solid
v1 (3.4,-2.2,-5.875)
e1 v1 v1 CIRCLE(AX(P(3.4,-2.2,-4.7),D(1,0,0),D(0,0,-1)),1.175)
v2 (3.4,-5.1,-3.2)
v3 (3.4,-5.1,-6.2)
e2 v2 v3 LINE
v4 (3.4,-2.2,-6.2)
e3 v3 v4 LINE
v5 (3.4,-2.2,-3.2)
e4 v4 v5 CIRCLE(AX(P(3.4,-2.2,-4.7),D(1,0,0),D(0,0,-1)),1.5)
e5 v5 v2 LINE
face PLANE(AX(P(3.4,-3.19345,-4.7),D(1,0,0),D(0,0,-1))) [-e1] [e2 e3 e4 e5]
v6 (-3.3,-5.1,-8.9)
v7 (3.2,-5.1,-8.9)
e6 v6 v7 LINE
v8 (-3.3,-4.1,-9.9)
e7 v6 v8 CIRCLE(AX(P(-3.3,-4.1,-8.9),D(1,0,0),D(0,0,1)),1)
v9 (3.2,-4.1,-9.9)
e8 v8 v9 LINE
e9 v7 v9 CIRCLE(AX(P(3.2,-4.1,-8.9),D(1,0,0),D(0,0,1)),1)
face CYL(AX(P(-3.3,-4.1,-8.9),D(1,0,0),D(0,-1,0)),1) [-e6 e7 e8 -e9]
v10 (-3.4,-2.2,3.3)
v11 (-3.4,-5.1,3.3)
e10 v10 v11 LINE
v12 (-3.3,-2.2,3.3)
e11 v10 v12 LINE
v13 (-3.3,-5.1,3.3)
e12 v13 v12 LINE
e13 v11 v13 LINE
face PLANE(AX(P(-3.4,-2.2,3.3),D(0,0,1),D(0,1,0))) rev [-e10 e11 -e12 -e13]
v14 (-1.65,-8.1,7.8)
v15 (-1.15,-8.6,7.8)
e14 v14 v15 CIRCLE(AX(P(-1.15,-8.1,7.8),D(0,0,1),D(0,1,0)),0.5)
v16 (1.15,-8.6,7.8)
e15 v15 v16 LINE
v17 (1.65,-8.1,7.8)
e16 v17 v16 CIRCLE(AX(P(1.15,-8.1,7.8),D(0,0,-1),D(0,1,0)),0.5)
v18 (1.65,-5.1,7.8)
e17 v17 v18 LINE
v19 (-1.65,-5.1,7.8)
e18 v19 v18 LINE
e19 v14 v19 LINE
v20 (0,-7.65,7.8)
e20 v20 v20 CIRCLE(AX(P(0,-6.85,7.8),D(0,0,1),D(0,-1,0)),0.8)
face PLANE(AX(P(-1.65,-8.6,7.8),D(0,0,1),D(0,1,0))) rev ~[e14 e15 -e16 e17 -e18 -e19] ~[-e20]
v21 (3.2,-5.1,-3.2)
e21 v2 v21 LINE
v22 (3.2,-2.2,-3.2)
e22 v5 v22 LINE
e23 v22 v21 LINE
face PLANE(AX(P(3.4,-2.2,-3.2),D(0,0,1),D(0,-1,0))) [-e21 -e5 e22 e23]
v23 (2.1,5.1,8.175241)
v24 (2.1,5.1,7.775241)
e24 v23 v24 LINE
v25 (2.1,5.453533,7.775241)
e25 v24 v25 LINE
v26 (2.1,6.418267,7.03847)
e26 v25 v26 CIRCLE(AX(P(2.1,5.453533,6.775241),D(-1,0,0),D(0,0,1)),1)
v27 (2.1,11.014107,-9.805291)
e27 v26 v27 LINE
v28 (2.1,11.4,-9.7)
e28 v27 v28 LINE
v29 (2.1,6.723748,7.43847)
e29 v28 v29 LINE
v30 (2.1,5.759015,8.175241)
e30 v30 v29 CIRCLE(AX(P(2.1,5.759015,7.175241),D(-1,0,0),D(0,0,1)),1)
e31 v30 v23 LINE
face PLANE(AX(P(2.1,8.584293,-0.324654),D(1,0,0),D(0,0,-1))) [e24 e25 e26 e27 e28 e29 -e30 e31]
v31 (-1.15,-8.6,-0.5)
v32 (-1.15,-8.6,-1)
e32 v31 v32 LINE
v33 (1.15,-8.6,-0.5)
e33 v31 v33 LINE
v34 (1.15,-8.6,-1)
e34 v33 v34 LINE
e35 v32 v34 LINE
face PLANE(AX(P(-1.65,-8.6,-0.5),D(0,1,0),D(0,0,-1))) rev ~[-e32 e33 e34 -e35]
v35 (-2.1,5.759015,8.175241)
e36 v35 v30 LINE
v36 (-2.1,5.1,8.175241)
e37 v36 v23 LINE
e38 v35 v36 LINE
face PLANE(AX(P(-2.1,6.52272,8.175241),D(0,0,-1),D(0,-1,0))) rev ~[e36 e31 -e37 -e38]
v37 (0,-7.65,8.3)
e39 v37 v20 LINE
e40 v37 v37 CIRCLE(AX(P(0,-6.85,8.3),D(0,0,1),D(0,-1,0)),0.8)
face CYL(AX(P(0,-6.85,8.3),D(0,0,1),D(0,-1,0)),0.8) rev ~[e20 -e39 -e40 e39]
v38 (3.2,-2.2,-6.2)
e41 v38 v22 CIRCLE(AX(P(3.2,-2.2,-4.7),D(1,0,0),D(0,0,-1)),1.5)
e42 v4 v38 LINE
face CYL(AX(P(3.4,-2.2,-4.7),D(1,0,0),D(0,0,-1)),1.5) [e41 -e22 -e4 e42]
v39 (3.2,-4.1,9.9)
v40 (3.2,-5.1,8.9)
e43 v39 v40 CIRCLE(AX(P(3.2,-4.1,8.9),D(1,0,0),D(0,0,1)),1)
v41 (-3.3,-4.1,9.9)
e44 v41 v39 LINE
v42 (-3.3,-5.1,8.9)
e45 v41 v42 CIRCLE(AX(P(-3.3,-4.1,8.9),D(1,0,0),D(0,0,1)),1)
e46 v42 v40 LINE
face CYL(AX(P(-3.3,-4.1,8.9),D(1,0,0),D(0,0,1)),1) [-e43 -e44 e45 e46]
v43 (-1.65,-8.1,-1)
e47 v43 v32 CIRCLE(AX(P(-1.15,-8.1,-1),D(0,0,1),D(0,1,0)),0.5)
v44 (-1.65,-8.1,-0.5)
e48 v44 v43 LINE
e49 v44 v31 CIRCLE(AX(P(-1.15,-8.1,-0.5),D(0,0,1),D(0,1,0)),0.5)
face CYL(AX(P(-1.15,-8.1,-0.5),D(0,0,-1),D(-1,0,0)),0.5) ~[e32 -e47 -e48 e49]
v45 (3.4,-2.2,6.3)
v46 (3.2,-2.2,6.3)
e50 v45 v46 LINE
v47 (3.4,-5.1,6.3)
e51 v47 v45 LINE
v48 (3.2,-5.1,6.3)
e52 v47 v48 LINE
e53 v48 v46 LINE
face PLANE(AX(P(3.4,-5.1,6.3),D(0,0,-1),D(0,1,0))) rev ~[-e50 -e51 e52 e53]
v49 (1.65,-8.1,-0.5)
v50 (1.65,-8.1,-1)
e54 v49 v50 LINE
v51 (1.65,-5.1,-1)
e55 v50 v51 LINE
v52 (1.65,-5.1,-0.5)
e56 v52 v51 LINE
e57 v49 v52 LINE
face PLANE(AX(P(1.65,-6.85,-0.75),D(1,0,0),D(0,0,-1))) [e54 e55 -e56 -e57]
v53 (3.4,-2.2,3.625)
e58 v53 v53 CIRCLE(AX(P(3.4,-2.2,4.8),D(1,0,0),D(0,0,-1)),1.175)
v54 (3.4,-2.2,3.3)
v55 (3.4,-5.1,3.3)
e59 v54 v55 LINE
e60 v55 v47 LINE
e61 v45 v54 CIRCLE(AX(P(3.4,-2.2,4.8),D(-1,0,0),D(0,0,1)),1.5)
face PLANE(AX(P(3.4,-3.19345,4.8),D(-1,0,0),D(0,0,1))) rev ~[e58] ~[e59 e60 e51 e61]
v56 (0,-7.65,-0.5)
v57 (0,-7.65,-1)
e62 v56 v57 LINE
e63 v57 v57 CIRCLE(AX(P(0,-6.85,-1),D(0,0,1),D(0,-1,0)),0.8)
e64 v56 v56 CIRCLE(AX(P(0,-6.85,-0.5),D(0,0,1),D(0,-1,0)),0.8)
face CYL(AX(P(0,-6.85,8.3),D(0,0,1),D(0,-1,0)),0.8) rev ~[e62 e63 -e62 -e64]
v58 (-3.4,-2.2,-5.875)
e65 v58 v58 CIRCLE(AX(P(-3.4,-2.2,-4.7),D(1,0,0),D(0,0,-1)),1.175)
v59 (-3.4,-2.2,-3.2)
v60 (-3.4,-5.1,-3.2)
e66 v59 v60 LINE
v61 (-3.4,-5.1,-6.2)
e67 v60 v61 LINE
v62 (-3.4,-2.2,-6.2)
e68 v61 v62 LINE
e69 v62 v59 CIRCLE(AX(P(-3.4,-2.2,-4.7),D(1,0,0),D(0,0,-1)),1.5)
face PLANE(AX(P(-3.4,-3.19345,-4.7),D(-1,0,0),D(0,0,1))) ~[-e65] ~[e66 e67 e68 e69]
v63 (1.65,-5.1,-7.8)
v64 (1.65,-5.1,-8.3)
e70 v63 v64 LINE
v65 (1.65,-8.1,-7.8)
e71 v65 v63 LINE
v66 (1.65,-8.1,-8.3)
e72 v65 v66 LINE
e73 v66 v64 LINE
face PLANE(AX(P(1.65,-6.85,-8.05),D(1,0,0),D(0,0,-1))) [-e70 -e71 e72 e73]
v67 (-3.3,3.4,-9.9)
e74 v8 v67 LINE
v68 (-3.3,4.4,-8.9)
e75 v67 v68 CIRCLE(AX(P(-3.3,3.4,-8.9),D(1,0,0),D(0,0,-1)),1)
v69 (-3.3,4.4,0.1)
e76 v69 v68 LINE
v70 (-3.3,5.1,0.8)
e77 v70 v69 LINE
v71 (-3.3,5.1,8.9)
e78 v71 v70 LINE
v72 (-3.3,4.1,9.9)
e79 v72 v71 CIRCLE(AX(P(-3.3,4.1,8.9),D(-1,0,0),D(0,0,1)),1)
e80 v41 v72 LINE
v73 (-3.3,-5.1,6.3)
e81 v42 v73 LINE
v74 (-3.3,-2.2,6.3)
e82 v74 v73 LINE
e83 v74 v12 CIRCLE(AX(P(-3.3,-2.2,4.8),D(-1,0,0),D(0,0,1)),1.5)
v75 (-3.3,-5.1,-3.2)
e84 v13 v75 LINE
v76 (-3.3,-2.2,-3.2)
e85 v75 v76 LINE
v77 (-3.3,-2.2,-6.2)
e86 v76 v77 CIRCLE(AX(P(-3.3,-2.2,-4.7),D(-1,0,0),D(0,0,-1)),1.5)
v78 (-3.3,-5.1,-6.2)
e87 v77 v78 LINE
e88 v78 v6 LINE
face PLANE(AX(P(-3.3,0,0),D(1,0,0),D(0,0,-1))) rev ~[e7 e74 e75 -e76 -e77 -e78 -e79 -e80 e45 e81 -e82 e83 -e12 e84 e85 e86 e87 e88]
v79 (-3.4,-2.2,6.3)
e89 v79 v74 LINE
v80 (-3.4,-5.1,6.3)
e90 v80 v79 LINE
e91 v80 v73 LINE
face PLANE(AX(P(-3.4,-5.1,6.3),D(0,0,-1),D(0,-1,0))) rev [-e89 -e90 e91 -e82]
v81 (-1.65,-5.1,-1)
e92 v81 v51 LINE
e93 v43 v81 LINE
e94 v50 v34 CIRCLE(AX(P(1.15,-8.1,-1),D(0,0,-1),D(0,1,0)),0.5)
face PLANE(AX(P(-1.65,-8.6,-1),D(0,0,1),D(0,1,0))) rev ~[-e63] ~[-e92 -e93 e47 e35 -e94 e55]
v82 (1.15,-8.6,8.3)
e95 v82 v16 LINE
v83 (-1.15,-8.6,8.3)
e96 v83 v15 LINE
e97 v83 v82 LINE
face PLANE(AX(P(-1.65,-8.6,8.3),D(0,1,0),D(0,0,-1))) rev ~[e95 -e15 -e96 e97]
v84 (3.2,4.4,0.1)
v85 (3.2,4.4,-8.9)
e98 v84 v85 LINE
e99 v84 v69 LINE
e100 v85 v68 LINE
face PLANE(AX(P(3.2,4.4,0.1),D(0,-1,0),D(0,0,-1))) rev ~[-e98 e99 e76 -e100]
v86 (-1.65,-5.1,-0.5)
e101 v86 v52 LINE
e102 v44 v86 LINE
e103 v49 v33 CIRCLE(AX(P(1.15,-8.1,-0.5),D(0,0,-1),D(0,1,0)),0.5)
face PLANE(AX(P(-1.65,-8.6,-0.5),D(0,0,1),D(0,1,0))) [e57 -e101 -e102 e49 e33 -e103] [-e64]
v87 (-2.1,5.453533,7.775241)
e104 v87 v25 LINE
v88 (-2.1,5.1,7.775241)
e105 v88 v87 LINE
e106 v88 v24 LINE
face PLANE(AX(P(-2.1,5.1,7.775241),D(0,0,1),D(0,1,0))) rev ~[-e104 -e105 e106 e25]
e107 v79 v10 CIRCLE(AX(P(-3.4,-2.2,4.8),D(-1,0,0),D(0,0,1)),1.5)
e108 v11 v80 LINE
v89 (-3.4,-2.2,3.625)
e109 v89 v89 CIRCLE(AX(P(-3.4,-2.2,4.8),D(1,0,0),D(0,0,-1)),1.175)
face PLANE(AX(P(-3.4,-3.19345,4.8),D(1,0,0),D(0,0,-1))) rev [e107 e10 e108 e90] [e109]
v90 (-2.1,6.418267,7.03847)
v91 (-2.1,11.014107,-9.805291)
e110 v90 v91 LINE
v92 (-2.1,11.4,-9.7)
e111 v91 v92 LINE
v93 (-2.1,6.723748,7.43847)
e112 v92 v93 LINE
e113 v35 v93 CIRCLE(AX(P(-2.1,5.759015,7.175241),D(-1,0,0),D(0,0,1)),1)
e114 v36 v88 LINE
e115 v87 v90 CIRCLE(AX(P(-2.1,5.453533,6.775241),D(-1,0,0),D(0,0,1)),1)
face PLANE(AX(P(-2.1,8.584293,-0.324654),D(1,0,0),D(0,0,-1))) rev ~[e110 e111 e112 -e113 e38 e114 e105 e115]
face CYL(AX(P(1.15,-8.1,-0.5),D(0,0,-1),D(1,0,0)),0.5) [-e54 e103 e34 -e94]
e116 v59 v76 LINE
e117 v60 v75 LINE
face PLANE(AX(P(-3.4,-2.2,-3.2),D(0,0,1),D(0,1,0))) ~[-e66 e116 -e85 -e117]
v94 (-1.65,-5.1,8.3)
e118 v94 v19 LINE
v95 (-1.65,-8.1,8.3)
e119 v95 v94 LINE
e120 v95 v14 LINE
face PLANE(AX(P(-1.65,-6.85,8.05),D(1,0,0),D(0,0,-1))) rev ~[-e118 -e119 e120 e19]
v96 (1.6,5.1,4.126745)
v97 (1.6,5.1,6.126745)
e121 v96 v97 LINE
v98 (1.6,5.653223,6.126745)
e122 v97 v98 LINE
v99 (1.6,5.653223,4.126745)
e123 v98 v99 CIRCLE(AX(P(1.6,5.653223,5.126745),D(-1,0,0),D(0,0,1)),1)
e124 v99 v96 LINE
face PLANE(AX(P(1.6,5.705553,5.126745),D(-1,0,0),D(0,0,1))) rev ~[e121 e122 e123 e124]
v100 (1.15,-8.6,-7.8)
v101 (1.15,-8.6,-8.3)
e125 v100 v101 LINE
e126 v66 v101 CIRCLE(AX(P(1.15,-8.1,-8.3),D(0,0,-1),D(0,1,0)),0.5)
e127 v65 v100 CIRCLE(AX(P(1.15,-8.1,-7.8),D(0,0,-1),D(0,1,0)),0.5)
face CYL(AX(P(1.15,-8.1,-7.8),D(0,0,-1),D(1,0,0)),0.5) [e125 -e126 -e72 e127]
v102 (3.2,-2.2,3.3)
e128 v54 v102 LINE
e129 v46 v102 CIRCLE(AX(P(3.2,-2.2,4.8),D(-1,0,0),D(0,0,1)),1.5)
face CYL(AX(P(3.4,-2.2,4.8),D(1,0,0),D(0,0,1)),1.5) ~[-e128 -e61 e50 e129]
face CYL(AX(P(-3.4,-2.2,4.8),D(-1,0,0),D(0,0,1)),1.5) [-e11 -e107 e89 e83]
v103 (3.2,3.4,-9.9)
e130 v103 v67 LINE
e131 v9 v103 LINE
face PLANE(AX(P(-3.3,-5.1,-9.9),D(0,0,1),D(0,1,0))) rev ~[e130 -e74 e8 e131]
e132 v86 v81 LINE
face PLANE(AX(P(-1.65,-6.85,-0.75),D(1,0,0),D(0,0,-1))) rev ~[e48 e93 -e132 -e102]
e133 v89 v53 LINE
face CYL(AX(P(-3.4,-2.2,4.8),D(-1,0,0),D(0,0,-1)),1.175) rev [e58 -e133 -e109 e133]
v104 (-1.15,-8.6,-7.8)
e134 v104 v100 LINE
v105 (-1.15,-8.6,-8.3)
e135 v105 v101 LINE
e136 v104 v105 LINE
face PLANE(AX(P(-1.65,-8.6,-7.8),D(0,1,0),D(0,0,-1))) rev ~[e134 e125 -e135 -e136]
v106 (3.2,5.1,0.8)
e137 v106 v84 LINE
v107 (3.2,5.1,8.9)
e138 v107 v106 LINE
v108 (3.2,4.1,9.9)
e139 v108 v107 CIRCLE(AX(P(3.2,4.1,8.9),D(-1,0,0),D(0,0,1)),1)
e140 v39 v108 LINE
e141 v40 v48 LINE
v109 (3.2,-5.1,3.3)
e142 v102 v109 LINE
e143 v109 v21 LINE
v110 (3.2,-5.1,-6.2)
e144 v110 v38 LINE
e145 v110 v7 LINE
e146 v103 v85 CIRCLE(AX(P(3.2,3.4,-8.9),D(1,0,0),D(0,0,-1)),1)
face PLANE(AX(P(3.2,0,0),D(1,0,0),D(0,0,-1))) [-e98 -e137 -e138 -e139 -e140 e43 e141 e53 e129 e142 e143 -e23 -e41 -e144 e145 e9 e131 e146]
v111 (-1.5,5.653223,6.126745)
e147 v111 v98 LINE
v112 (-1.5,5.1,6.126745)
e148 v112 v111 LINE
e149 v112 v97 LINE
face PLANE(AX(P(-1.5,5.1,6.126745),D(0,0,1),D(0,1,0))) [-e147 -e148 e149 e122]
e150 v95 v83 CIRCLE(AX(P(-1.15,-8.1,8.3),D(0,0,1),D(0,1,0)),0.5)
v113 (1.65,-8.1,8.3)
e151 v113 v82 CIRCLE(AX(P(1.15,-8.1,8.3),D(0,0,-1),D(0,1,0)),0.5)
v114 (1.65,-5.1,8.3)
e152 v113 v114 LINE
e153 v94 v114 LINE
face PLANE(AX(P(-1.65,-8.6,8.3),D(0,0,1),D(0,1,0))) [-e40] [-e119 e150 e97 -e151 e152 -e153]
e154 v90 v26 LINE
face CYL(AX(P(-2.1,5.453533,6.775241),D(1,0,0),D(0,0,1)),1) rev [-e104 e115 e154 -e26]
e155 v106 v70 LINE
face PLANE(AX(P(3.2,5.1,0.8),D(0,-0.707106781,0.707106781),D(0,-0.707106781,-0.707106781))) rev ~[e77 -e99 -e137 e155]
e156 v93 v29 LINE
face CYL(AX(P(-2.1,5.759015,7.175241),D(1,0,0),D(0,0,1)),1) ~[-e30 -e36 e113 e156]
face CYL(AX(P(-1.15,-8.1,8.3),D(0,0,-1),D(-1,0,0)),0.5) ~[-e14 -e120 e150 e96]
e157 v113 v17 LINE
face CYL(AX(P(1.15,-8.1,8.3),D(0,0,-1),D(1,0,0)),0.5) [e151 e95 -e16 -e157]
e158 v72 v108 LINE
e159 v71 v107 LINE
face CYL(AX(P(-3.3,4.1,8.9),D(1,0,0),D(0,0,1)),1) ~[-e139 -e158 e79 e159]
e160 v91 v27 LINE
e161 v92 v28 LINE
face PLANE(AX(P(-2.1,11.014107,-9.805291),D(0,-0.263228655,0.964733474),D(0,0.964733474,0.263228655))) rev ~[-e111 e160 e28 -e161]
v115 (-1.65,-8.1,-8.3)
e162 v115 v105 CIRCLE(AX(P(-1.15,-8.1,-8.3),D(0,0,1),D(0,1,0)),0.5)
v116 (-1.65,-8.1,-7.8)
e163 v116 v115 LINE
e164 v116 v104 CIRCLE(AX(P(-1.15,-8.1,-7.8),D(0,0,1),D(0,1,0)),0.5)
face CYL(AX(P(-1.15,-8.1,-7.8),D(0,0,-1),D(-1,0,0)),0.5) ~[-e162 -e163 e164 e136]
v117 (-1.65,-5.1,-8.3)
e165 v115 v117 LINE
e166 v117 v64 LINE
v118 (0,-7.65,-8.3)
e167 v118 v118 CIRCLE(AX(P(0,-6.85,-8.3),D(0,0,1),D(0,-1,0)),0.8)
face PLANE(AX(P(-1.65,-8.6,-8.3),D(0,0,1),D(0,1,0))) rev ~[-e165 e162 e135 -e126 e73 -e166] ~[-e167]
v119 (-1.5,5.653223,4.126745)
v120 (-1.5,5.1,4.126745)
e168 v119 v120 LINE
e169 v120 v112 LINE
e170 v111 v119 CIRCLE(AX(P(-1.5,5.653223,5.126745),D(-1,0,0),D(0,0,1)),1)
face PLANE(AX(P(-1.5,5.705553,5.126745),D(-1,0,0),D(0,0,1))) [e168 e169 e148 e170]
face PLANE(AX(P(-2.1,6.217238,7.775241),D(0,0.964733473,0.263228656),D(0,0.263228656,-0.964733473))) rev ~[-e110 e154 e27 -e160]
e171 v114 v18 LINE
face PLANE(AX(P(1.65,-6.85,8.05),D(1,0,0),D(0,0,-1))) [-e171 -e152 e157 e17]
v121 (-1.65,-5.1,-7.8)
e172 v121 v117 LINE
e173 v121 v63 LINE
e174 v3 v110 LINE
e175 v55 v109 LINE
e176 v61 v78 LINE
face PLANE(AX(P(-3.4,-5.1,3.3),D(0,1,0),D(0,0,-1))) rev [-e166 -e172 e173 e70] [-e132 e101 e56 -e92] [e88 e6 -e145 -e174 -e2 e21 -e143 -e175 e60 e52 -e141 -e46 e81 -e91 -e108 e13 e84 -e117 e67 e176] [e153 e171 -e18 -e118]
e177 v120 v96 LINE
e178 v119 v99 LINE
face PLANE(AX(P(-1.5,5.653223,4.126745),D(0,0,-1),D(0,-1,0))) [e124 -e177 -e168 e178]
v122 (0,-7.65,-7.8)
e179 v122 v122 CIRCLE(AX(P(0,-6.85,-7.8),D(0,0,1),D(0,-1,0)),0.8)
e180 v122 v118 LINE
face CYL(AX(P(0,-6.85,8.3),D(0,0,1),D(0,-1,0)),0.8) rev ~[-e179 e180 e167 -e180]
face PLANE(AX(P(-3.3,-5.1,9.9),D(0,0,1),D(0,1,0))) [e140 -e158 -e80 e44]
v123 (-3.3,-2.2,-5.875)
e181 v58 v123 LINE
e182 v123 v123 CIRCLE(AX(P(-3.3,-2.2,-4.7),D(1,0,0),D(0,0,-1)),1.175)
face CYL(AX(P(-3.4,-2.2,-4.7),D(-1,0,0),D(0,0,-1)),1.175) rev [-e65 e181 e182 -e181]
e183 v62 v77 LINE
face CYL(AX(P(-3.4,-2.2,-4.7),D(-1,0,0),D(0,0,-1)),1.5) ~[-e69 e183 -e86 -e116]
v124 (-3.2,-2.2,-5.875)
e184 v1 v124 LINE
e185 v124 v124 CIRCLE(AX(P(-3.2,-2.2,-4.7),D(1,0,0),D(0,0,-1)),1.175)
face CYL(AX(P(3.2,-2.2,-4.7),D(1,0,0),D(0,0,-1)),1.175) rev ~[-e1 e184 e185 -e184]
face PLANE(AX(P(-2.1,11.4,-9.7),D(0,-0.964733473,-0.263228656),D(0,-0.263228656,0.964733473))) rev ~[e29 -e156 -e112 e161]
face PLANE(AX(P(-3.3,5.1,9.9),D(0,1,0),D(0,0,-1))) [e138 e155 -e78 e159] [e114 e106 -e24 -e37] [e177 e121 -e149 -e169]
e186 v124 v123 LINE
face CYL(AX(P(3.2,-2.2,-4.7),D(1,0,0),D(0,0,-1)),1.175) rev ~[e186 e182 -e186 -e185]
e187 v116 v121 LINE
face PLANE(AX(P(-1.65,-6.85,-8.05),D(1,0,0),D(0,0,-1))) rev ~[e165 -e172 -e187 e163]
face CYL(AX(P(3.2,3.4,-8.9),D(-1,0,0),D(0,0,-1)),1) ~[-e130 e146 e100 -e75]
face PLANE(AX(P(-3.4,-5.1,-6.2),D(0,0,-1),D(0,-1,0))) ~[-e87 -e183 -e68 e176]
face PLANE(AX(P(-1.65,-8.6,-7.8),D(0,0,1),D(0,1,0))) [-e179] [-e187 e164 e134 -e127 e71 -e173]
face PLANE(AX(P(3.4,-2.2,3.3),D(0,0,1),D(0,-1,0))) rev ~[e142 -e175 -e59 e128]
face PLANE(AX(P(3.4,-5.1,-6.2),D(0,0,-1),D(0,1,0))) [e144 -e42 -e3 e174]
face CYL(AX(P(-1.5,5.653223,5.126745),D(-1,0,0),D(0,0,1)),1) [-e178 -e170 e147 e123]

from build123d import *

# Parameters (mm, degrees)
EXTRUDE_1_DEPTH      = 3.2
EXTRUDE_1_DEPTH_BACK = 3.3
SKETCH_1_W           = 19.8
SKETCH_1_H           = 10.2
CUT_EXTRUDE_1_DEPTH  = 13.894572502
FILLET_1_R           = 1
EXTRUDE_2_DEPTH      = 1.65
EXTRUDE_2_DEPTH_BACK = 1.65
SKETCH_4_W           = 0.5
SKETCH_4_H           = 3.5
FILLET_2_R           = 0.5
SKETCH_5_R           = 0.8
CUT_EXTRUDE_2_DEPTH  = 21.398284242
SKETCH_8_R           = 1.175
CUT_EXTRUDE_3_DEPTH  = 15.636256352
EXTRUDE_3_DEPTH      = 2.1
EXTRUDE_3_DEPTH_BACK = 2.1
EXTRUDE_5_DEPTH      = 1.6
EXTRUDE_5_DEPTH_BACK = 1.5
FILLET_3_R           = 1
EXTRUDE_START        = 0.2
SKETCH_9_R           = 1.175
EXTRUDE_6_DEPTH      = 0.2


with BuildPart() as part:
    # 草图1 → 凸台-拉伸1 (new, two sides: drawn at the far end of the back side and taken through both)
    with BuildSketch(Plane(origin=(0, 0, 0), x_dir=(0, 0, -1), z_dir=(1, 0, 0)).offset(-EXTRUDE_1_DEPTH_BACK)):
        Rectangle(SKETCH_1_W, SKETCH_1_H)
    extrude(amount=EXTRUDE_1_DEPTH + EXTRUDE_1_DEPTH_BACK)

    # 草图2 → 切除-拉伸1 (cut, through all)
    with BuildSketch(Plane(origin=(3.2, 0, 0), x_dir=(0, 0, -1), z_dir=(1, 0, 0))):
        Polygon((-0.8, 5.1), (-0.1, 4.4), (9.9, 4.4), (9.9, 5.1), align=None)
    extrude(amount=-CUT_EXTRUDE_1_DEPTH, mode=Mode.SUBTRACT)

    # 圆角1
    fillet_1_edges = [part.edges().sort_by_distance(p)[0] for p in [
        (-0.05, 4.4, -9.9),
        (-0.05, -5.1, -9.9),
        (-0.05, -5.1, 9.9),
        (-0.05, 5.1, 9.9),
    ]]
    fillet(fillet_1_edges, radius=FILLET_1_R)

    # 草图4 → 凸台-拉伸2 (add, two sides: drawn at the far end of the back side and taken through both)
    with BuildSketch(Plane(origin=(0, 0, 0), x_dir=(0, 0, -1), z_dir=(1, 0, 0)).offset(-EXTRUDE_2_DEPTH_BACK)):
        with Locations((-8.05, -6.85)):
            Rectangle(SKETCH_4_W, SKETCH_4_H)
        with Locations((0.75, -6.85)):
            Rectangle(SKETCH_4_W, SKETCH_4_H)
        with Locations((8.05, -6.85)):
            Rectangle(SKETCH_4_W, SKETCH_4_H)
    extrude(amount=EXTRUDE_2_DEPTH + EXTRUDE_2_DEPTH_BACK)

    # 圆角2
    fillet_2_edges = [part.edges().sort_by_distance(p)[0] for p in [
        (-1.65, -8.6, 8.05),
        (1.65, -8.6, 8.05),
        (-1.65, -8.6, -0.75),
        (1.65, -8.6, -0.75),
        (1.65, -8.6, -8.05),
        (-1.65, -8.6, -8.05),
    ]]
    fillet(fillet_2_edges, radius=FILLET_2_R)

    # 草图5 → 切除-拉伸2 (cut, through all)
    with BuildSketch(Plane.XY.offset(8.3)):
        with Locations(Location((0, -6.85, 0), (0, 0, 270))):
            Circle(SKETCH_5_R)
    extrude(amount=-CUT_EXTRUDE_2_DEPTH, mode=Mode.SUBTRACT)

    # 草图8 → 切除-拉伸3 (cut, through all)
    with BuildSketch(Plane(origin=(3.2, 0, 0), x_dir=(0, 0, -1), z_dir=(1, 0, 0))):
        with Locations((-4.8, -2.2)):
            Circle(SKETCH_8_R)
        with Locations((4.7, -2.2)):
            Circle(SKETCH_8_R)
    extrude(amount=-CUT_EXTRUDE_3_DEPTH, mode=Mode.SUBTRACT)

    # 草图6 → 凸台-拉伸3 (add, two sides: drawn at the far end of the back side and taken through both)
    with BuildSketch(Plane(origin=(0, 0, 0), x_dir=(0, 0, -1), z_dir=(1, 0, 0)).offset(-EXTRUDE_3_DEPTH_BACK)):
        Polygon((-7.775241221, 6.217237719), (9.805291462, 11.014106611), (9.7, 11.4), (-8.175241221, 6.52271954), (-8.175241221, 5.1), (-7.775241221, 5.1), align=None)
    extrude(amount=EXTRUDE_3_DEPTH + EXTRUDE_3_DEPTH_BACK)

    # 草图7 → 凸台-拉伸5 (add, two sides: drawn at the far end of the back side and taken through both)
    with BuildSketch(Plane(origin=(0, 0, 0), x_dir=(0, 0, -1), z_dir=(1, 0, 0)).offset(-EXTRUDE_5_DEPTH_BACK)):
        with BuildLine():
            Line((-4.126745085, 5.653223192), (-4.126745085, 5.1))
            Line((-4.126745085, 5.1), (-6.126745085, 5.1))
            Line((-6.126745085, 5.1), (-6.126745085, 5.653223192))
            ThreePointArc((-6.126745085, 5.653223192), (-5.126745085, 6.653223192), (-4.126745085, 5.653223192))
        make_face()
    extrude(amount=EXTRUDE_5_DEPTH + EXTRUDE_5_DEPTH_BACK)

    # 圆角3
    fillet_3_edges = [part.edges().sort_by_distance(p)[0] for p in [
        (0, 6.217237719, 7.775241221),
        (0, 6.52271954, 8.175241221),
    ]]
    fillet(fillet_3_edges, radius=FILLET_3_R)

    # 草图9 → 凸台-拉伸6 (add)
    # profile 1 of 2: a face of its own
    with BuildSketch(Plane(origin=(3.2, 0, 0), x_dir=(0, 0, -1), z_dir=(1, 0, 0)).offset(EXTRUDE_START)):
        with BuildLine():
            Line((-3.3, -2.2), (-3.3, -5.1))
            Line((-3.3, -5.1), (-6.3, -5.1))
            Line((-6.3, -5.1), (-6.3, -2.2))
            ThreePointArc((-6.3, -2.2), (-4.8, -0.7), (-3.3, -2.2))
        make_face()
        with Locations((-4.8, -2.2)):
            Circle(SKETCH_9_R, mode=Mode.SUBTRACT)
    # profile 2 of 2: a face of its own
    with BuildSketch(Plane(origin=(3.2, 0, 0), x_dir=(0, 0, -1), z_dir=(1, 0, 0)).offset(EXTRUDE_START)):
        with BuildLine():
            Line((3.2, -2.2), (3.2, -5.1))
            Line((3.2, -5.1), (6.2, -5.1))
            Line((6.2, -5.1), (6.2, -2.2))
            ThreePointArc((6.2, -2.2), (4.7, -0.7), (3.2, -2.2))
        make_face()
        with Locations((4.7, -2.2)):
            Circle(SKETCH_9_R, mode=Mode.SUBTRACT)
    extrude_6 = extrude(amount=-EXTRUDE_6_DEPTH)

    # 镜向1: 凸台-拉伸6 across plane
    add(extrude_6.mirror(Plane(origin=(0, 0, 0), x_dir=(0, 0, 1), z_dir=(1, 0, 0))))


solid = part.part
